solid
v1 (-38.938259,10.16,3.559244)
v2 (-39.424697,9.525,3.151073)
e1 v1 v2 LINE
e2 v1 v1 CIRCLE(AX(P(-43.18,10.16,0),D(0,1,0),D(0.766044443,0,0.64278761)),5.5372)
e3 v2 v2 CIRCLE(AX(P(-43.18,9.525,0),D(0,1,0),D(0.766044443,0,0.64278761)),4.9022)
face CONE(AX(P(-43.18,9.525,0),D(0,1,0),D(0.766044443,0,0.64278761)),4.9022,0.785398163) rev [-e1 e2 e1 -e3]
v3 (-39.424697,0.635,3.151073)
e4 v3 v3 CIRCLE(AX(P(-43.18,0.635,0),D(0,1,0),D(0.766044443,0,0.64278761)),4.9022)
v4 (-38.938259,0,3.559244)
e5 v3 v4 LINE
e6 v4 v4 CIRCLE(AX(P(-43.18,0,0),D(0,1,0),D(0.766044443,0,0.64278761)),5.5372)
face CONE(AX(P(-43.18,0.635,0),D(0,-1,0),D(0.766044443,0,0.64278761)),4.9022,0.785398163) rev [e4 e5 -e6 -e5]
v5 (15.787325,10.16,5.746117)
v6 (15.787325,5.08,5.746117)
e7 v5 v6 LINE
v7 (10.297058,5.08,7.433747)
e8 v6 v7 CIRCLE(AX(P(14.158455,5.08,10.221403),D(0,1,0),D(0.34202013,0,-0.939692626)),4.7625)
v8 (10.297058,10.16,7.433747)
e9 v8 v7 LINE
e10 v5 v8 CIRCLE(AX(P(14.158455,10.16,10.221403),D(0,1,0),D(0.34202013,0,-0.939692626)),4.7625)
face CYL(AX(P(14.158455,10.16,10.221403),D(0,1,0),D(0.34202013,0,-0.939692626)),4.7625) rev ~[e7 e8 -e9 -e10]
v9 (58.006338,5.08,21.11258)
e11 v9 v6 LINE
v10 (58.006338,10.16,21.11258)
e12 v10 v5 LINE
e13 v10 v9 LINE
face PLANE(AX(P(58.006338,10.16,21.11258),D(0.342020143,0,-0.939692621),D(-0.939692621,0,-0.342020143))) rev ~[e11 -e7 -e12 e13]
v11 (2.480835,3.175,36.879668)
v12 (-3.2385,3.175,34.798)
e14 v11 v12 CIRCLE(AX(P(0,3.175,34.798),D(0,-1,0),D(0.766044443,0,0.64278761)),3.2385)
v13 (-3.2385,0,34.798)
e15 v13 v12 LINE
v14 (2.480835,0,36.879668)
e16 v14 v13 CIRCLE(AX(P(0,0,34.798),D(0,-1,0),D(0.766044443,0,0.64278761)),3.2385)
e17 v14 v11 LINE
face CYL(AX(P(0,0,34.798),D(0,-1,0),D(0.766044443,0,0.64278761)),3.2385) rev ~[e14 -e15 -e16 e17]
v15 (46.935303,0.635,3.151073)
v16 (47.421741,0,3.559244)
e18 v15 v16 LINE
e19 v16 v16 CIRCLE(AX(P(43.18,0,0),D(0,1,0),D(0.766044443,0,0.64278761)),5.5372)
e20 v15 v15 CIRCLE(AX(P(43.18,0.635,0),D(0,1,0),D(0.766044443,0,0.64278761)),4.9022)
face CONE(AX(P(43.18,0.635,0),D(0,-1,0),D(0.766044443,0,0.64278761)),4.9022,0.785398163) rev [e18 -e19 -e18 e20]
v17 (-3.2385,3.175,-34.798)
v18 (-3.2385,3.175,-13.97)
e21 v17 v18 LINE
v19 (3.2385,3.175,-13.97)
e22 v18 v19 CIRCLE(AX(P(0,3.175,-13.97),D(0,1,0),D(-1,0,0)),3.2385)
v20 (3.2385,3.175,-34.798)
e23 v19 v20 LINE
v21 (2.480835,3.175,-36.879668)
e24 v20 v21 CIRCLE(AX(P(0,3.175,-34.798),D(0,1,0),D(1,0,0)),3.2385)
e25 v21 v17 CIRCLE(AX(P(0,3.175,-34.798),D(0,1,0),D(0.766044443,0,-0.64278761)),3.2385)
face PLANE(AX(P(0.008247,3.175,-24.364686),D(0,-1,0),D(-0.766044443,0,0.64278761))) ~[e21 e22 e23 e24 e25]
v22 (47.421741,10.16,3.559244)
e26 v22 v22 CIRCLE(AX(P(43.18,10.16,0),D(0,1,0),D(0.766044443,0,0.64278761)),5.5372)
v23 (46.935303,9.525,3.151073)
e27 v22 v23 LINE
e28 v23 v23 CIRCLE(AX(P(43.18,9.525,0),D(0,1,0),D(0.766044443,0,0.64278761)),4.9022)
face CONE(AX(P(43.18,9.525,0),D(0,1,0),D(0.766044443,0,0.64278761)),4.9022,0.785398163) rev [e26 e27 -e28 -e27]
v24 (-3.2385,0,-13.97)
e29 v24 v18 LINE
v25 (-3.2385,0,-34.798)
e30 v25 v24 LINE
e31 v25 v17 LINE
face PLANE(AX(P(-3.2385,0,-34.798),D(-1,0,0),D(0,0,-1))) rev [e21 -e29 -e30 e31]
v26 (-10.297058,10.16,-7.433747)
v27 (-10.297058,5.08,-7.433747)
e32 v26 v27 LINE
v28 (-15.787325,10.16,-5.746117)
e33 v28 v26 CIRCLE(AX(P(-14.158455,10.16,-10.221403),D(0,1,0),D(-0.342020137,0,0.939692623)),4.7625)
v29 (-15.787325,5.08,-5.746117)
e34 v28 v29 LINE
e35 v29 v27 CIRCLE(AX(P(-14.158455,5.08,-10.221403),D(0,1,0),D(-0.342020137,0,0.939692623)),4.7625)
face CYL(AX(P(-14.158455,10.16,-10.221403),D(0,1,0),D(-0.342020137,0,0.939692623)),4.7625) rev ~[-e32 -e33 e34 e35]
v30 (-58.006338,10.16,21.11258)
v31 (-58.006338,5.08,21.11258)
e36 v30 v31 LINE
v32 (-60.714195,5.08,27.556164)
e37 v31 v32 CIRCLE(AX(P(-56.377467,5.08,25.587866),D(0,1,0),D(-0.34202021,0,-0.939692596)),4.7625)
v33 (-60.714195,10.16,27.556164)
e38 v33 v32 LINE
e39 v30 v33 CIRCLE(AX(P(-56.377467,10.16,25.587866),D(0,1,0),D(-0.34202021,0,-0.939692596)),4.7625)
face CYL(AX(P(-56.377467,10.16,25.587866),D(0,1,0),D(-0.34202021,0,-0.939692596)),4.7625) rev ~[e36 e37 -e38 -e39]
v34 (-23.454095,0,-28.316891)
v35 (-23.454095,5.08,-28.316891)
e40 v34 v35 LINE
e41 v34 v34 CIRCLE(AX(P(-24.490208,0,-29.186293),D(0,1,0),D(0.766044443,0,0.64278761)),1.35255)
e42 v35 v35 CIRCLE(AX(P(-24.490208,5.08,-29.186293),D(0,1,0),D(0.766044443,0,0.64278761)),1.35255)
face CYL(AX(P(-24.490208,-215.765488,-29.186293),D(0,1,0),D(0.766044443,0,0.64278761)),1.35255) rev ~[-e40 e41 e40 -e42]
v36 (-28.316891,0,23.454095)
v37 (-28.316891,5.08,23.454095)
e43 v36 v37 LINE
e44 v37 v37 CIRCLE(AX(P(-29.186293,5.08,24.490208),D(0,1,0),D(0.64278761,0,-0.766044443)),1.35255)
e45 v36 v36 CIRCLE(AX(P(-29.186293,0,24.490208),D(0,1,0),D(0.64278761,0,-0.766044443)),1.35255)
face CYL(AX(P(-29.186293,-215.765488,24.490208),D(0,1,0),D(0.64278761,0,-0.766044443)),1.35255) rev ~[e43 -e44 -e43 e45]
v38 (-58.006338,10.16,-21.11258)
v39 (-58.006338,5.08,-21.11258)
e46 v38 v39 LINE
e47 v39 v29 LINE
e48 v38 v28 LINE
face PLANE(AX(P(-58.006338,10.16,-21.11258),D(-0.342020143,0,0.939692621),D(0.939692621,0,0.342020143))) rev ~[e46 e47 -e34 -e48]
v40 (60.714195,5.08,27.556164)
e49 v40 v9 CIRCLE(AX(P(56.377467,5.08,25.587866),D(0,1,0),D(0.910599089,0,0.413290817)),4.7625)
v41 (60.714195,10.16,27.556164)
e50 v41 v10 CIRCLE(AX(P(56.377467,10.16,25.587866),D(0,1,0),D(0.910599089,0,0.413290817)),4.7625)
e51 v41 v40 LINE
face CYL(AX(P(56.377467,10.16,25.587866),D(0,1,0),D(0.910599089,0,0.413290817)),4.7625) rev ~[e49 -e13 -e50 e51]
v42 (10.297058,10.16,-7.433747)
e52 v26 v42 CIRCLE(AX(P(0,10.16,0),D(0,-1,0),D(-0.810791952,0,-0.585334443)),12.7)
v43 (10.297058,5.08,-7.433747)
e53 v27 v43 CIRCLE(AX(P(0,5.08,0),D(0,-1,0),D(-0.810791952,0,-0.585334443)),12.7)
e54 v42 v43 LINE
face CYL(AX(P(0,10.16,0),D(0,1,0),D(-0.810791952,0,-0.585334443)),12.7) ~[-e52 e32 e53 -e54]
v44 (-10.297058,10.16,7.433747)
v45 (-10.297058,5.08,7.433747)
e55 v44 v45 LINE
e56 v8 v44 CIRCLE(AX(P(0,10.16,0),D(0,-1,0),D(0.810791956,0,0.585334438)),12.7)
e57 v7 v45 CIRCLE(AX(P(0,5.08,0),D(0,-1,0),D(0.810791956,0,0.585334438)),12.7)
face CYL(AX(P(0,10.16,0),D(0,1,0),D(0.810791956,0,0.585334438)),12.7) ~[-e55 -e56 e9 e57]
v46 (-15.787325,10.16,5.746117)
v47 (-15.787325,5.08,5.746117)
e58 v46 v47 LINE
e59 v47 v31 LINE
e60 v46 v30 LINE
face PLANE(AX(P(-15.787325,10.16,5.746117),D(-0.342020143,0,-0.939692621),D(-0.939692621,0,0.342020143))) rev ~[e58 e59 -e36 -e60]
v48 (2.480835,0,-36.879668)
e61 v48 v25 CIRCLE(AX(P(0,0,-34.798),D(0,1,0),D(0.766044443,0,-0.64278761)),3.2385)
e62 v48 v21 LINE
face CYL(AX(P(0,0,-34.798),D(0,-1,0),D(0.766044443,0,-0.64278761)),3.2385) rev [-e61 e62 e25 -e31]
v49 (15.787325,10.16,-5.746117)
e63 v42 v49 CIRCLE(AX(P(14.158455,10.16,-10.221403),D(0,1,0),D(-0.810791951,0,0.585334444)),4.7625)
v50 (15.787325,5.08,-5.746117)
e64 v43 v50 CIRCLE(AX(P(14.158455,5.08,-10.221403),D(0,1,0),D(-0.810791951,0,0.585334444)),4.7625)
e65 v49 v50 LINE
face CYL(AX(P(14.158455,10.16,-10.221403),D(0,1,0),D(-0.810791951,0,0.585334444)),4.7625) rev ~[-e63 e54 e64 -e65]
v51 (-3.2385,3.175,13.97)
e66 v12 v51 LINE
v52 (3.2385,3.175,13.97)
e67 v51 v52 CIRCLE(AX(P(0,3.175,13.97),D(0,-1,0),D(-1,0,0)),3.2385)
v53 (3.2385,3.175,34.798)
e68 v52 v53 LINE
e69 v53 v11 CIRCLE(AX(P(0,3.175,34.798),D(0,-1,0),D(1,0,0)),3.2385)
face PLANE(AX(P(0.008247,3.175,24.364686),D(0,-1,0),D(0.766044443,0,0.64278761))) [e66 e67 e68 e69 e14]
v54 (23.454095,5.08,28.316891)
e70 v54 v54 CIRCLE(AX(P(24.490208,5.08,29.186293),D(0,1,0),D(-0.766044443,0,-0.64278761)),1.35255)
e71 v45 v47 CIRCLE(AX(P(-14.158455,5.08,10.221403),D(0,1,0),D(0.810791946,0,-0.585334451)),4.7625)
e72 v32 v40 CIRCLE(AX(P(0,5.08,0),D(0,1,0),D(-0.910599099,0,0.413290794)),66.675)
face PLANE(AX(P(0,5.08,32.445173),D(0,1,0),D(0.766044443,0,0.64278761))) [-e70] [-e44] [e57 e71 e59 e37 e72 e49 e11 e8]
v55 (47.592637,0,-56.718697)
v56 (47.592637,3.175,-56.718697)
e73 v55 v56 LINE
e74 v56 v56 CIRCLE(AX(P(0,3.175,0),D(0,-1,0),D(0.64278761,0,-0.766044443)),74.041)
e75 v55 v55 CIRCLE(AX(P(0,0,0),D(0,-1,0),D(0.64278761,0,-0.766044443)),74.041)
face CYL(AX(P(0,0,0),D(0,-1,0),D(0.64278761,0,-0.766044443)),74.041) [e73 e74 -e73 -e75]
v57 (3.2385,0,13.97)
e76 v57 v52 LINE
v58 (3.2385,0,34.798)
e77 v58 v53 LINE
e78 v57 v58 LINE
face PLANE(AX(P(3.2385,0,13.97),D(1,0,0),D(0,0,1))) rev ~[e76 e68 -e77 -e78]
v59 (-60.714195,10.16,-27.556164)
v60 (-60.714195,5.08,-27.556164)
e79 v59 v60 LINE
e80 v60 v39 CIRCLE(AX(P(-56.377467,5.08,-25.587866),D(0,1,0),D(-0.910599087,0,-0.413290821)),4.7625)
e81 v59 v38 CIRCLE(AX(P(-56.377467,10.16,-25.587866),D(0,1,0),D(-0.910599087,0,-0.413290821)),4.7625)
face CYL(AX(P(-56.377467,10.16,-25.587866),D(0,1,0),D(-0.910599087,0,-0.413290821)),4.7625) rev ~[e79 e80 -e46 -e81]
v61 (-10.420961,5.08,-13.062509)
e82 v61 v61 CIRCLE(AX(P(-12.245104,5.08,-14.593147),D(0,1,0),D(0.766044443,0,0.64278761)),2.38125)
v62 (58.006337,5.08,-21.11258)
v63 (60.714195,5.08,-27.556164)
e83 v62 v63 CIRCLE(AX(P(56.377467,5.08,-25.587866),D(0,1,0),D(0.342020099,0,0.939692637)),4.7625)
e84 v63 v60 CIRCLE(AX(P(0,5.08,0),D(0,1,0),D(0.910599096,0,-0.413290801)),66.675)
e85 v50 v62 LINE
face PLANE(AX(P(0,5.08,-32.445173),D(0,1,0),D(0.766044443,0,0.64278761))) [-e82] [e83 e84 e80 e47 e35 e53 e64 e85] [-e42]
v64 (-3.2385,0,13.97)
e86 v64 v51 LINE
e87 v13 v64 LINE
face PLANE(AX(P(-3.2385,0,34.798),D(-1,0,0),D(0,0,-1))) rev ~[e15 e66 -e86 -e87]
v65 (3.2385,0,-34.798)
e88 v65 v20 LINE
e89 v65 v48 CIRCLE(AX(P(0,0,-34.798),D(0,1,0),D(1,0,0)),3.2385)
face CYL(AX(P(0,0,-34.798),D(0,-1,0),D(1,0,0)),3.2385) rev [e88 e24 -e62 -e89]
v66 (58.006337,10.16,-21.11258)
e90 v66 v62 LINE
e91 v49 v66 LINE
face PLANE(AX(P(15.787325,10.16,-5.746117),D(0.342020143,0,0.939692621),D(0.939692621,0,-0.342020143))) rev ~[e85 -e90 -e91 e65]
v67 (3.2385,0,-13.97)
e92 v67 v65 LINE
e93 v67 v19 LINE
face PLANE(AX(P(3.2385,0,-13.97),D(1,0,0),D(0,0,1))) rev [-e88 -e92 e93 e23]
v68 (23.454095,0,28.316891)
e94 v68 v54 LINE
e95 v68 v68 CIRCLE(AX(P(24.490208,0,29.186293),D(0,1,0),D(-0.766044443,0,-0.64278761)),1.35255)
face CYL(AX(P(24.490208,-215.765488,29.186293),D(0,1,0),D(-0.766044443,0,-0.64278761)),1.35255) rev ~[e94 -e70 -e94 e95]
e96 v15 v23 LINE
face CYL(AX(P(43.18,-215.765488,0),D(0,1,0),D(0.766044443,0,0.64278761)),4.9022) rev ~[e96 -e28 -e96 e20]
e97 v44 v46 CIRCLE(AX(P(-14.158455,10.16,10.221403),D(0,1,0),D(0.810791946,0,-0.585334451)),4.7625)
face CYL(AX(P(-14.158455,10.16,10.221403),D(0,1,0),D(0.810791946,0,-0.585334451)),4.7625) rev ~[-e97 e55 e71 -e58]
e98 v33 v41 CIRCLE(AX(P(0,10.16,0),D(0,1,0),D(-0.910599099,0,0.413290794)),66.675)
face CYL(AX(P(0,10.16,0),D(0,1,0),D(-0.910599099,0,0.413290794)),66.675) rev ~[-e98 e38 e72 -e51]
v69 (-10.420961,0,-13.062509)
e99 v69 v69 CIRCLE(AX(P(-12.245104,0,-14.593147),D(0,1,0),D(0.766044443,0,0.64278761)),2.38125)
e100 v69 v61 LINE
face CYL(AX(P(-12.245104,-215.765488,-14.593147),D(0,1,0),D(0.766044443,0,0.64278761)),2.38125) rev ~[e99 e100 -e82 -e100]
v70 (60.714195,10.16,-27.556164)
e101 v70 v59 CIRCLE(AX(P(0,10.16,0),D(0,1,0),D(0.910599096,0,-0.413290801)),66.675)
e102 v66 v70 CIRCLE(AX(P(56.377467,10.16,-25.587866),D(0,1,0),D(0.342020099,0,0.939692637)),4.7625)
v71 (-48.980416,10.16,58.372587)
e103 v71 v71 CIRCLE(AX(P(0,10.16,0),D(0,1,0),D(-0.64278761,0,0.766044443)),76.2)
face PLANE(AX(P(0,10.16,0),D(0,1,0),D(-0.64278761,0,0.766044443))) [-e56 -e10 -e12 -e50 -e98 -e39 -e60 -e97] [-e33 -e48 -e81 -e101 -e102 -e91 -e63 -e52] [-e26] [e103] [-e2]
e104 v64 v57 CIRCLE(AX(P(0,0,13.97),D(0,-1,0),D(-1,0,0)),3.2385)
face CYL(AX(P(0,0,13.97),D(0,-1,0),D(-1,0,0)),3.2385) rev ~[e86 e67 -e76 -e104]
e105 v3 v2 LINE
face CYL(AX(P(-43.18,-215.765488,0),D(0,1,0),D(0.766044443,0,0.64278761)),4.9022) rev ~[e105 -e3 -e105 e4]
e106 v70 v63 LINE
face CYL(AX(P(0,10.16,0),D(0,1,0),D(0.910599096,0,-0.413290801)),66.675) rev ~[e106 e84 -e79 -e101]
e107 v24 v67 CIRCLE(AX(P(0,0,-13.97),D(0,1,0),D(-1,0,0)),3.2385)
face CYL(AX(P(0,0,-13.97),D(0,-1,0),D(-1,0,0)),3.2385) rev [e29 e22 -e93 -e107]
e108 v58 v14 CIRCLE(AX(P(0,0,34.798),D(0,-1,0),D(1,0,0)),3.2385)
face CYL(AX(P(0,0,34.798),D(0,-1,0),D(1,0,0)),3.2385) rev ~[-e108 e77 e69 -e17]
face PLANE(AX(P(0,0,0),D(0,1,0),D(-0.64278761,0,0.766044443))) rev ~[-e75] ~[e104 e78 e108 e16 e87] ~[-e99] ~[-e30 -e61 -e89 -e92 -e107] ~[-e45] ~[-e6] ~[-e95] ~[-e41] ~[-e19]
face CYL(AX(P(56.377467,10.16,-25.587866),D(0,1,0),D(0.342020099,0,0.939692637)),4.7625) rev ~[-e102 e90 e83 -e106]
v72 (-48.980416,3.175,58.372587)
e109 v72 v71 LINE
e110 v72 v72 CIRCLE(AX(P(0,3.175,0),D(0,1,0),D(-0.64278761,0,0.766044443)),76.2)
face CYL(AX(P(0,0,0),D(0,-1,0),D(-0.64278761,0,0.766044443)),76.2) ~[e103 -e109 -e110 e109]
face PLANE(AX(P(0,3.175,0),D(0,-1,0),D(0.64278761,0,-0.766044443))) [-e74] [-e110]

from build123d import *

# Parameters (mm, degrees)
SKETCH1_R                      = 76.2
BOSS_EXTRUDE1_DEPTH            = 10.16
TAP_DRILL_FOR_6_32_TAP1_D      = 2.7051
CIRPATTERN1_COUNT              = 4
W_0_386_DIAMETER_HOLE1_D       = 9.8044
F_3_16_0_1875_DIAMETER_HOLE1_D = 4.7625
CUT_EXTRUDE4_DEPTH             = 3.175
SKETCH15_R                     = 76.2
SKETCH15_R_2                   = 74.041
CUT_EXTRUDE5_DEPTH             = 3.175
CUT_EXTRUDE7_DEPTH             = 5.08
BODY_MOVE_COPY1_ANGLE          = 40
CHAMFER1_SIZE                  = 0.635


with BuildPart() as part:
    # Sketch1 → Boss-Extrude1 (new body)
    with BuildSketch(Plane(origin=(0, 0, 0), x_dir=(1, 0, 0), z_dir=(0, 1, 0))):
        with Locations(Location((0, 0, 0), (0, 0, 270))):
            Circle(SKETCH1_R)
    extrude(amount=BOSS_EXTRUDE1_DEPTH)

    # Tap Drill for #6-32 Tap1 (through all)
    with Locations(Plane(origin=(0, 0, 0), x_dir=(-1, 0, 0), z_dir=(0, -1, 0))):
        with Locations((37.52117539, 6.615995569)):
            tap_drill_for_6_32_tap1 = Hole(TAP_DRILL_FOR_6_32_TAP1_D / 2)

    # CirPattern1: Tap Drill for #6-32 Tap1 ×4 about axis, 1 skipped
    cirpattern1_axis = Axis((0, 0, 0), (0, 1, 0))
    add([tap_drill_for_6_32_tap1.rotate(cirpattern1_axis, i * 360 / CIRPATTERN1_COUNT) for i in range(1, CIRPATTERN1_COUNT) if i not in (3,)], mode=Mode.SUBTRACT)

    # W (0.386) Diameter Hole1 (through all)
    with Locations(Plane(origin=(0, 0, 0), x_dir=(-1, 0, 0), z_dir=(0, -1, 0))):
        with Locations((-33.077799054, 27.755568986), (33.077799054, -27.755568986)):
            Hole(W_0_386_DIAMETER_HOLE1_D / 2)

    # 3/16 (0.1875) Diameter Hole1 (through all)
    with Locations(Plane(origin=(0, 0, 0), x_dir=(-1, 0, 0), z_dir=(0, -1, 0))):
        with Locations((18.760587695, 3.307997785)):
            Hole(F_3_16_0_1875_DIAMETER_HOLE1_D / 2)

    # Sketch12 → Cut-Extrude4 (cut)
    with BuildSketch(Plane.XZ):
        with BuildLine():
            ThreePointArc((24.848558171, 24.575146858), (20.286055568, 24.175979603), (19.886888313, 28.738482206))
            Line((19.886888313, 28.738482206), (6.498907978, 12.783308544))
            ThreePointArc((6.498907978, 12.783308544), (10.087375141, 13.744835423), (12.218242907, 10.70164087))
            ThreePointArc((12.218242907, 10.70164087), (12.02293746, 9.594008636), (11.460577836, 8.619973196))
            Line((11.460577836, 8.619973196), (24.848558171, 24.575146858))
        make_face()
        with BuildLine():
            ThreePointArc((25.606223242, 26.656814532), (23.475355476, 29.700009084), (19.886888313, 28.738482206))
            Line((19.886888313, 28.738482206), (24.848558171, 24.575146858))
            ThreePointArc((24.848558171, 24.575146858), (25.410917794, 25.549182297), (25.606223242, 26.656814532))
        make_face()
        with BuildLine():
            Line((24.848558171, 24.575146858), (19.886888313, 28.738482206))
            ThreePointArc((19.886888313, 28.738482206), (20.286055568, 24.175979603), (24.848558171, 24.575146858))
        make_face()
        with BuildLine():
            ThreePointArc((12.218242907, 10.70164087), (10.087375141, 13.744835423), (6.498907978, 12.783308544))
            Line((6.498907978, 12.783308544), (11.460577836, 8.619973196))
            ThreePointArc((11.460577836, 8.619973196), (12.02293746, 9.594008636), (12.218242907, 10.70164087))
        make_face()
        with BuildLine():
            Line((11.460577836, 8.619973196), (6.498907978, 12.783308544))
            ThreePointArc((6.498907978, 12.783308544), (6.898075233, 8.220805941), (11.460577836, 8.619973196))
        make_face()
    cut_extrude4 = extrude(amount=-CUT_EXTRUDE4_DEPTH, mode=Mode.SUBTRACT)

    # Mirror1: Cut-Extrude4 across plane
    add(cut_extrude4.mirror(Plane(origin=(0, 0, 0), x_dir=(-0.7660444431189792, 0, 0.6427876096865378), z_dir=(0.6427876096865379, 0, 0.7660444431189792))), mode=Mode.SUBTRACT)

    # Sketch15 → Cut-Extrude5 (cut)
    with BuildSketch(Plane.XZ):
        with Locations(Location((0, 0, 0), (0, 0, 270))):
            Circle(SKETCH15_R)
        with Locations(Location((0, 0, 0), (0, 0, 270))):
            Circle(SKETCH15_R_2, mode=Mode.SUBTRACT)
    extrude(amount=-CUT_EXTRUDE5_DEPTH, mode=Mode.SUBTRACT)

    # Sketch20 → Cut-Extrude7 (cut)
    with BuildSketch(Plane(origin=(0, 10.16, 0), x_dir=(1, 0, 0), z_dir=(0, 1, 0))):
        with BuildLine():
            Line((58.006337644, 21.112580301), (15.787325383, 5.746116518))
            ThreePointArc((15.787325383, 5.746116518), (13.41810781, 3.858627578), (12.666324636, 0.92424034))
            ThreePointArc((12.666324636, 0.92424034), (8.163402625, -9.728764443), (-3.109683289, -12.313402042))
            ThreePointArc((-3.109683289, -12.313402042), (-6.130036388, -12.544212982), (-8.400260426, -14.549677855))
            Line((-8.400260426, -14.549677855), (-30.864527746, -53.458930208))
            ThreePointArc((-30.864527746, -53.458930208), (-31.28945063, -57.248955123), (-28.797011077, -60.135578304))
            ThreePointArc((-28.797011077, -60.135578304), (42.857863777, -51.076013328), (64.222532311, 17.917085938))
            ThreePointArc((64.222532311, 17.917085938), (61.812570917, 20.872916849), (58.006337644, 21.112580301))
        make_face()
        with BuildLine():
            Line((8.400260408, 14.549677823), (30.864527463, 53.458929718))
            ThreePointArc((30.864527463, 53.458929718), (31.289450636, 57.248955104), (28.797010604, 60.135578531))
            ThreePointArc((28.797010604, 60.135578531), (-42.857863971, 51.076013165), (-64.222532316, -17.91708592))
            ThreePointArc((-64.222532316, -17.91708592), (-61.812570882, -20.872916867), (-58.006337553, -21.112580268))
            Line((-58.006337553, -21.112580268), (-15.787325417, -5.746116531))
            ThreePointArc((-15.787325417, -5.746116531), (-13.418107797, -3.858627558), (-12.666324642, -0.924240256))
            ThreePointArc((-12.666324642, -0.924240256), (-8.16340261, 9.728764456), (3.109683246, 12.313402053))
            ThreePointArc((3.109683246, 12.313402053), (6.130036351, 12.544212967), (8.400260408, 14.549677823))
        make_face()
    extrude(amount=-CUT_EXTRUDE7_DEPTH, mode=Mode.SUBTRACT)


with BuildPart() as part_1:
    # Body-Move/Copy1: moved
    add(part.part.rotate(Axis((0, 0, 0), (0, -1, 0)), BODY_MOVE_COPY1_ANGLE))

    # Chamfer1
    chamfer1_edges = [part_1.edges().sort_by_distance(p)[0] for p in [
        (-46.935303069, 0, -3.15107342),
        (-46.935303069, 10.16, -3.15107342),
        (39.424696931, 0, -3.15107342),
        (39.424696931, 10.16, -3.15107342),
    ]]
    chamfer(chamfer1_edges, length=CHAMFER1_SIZE)


solid = part_1.part
